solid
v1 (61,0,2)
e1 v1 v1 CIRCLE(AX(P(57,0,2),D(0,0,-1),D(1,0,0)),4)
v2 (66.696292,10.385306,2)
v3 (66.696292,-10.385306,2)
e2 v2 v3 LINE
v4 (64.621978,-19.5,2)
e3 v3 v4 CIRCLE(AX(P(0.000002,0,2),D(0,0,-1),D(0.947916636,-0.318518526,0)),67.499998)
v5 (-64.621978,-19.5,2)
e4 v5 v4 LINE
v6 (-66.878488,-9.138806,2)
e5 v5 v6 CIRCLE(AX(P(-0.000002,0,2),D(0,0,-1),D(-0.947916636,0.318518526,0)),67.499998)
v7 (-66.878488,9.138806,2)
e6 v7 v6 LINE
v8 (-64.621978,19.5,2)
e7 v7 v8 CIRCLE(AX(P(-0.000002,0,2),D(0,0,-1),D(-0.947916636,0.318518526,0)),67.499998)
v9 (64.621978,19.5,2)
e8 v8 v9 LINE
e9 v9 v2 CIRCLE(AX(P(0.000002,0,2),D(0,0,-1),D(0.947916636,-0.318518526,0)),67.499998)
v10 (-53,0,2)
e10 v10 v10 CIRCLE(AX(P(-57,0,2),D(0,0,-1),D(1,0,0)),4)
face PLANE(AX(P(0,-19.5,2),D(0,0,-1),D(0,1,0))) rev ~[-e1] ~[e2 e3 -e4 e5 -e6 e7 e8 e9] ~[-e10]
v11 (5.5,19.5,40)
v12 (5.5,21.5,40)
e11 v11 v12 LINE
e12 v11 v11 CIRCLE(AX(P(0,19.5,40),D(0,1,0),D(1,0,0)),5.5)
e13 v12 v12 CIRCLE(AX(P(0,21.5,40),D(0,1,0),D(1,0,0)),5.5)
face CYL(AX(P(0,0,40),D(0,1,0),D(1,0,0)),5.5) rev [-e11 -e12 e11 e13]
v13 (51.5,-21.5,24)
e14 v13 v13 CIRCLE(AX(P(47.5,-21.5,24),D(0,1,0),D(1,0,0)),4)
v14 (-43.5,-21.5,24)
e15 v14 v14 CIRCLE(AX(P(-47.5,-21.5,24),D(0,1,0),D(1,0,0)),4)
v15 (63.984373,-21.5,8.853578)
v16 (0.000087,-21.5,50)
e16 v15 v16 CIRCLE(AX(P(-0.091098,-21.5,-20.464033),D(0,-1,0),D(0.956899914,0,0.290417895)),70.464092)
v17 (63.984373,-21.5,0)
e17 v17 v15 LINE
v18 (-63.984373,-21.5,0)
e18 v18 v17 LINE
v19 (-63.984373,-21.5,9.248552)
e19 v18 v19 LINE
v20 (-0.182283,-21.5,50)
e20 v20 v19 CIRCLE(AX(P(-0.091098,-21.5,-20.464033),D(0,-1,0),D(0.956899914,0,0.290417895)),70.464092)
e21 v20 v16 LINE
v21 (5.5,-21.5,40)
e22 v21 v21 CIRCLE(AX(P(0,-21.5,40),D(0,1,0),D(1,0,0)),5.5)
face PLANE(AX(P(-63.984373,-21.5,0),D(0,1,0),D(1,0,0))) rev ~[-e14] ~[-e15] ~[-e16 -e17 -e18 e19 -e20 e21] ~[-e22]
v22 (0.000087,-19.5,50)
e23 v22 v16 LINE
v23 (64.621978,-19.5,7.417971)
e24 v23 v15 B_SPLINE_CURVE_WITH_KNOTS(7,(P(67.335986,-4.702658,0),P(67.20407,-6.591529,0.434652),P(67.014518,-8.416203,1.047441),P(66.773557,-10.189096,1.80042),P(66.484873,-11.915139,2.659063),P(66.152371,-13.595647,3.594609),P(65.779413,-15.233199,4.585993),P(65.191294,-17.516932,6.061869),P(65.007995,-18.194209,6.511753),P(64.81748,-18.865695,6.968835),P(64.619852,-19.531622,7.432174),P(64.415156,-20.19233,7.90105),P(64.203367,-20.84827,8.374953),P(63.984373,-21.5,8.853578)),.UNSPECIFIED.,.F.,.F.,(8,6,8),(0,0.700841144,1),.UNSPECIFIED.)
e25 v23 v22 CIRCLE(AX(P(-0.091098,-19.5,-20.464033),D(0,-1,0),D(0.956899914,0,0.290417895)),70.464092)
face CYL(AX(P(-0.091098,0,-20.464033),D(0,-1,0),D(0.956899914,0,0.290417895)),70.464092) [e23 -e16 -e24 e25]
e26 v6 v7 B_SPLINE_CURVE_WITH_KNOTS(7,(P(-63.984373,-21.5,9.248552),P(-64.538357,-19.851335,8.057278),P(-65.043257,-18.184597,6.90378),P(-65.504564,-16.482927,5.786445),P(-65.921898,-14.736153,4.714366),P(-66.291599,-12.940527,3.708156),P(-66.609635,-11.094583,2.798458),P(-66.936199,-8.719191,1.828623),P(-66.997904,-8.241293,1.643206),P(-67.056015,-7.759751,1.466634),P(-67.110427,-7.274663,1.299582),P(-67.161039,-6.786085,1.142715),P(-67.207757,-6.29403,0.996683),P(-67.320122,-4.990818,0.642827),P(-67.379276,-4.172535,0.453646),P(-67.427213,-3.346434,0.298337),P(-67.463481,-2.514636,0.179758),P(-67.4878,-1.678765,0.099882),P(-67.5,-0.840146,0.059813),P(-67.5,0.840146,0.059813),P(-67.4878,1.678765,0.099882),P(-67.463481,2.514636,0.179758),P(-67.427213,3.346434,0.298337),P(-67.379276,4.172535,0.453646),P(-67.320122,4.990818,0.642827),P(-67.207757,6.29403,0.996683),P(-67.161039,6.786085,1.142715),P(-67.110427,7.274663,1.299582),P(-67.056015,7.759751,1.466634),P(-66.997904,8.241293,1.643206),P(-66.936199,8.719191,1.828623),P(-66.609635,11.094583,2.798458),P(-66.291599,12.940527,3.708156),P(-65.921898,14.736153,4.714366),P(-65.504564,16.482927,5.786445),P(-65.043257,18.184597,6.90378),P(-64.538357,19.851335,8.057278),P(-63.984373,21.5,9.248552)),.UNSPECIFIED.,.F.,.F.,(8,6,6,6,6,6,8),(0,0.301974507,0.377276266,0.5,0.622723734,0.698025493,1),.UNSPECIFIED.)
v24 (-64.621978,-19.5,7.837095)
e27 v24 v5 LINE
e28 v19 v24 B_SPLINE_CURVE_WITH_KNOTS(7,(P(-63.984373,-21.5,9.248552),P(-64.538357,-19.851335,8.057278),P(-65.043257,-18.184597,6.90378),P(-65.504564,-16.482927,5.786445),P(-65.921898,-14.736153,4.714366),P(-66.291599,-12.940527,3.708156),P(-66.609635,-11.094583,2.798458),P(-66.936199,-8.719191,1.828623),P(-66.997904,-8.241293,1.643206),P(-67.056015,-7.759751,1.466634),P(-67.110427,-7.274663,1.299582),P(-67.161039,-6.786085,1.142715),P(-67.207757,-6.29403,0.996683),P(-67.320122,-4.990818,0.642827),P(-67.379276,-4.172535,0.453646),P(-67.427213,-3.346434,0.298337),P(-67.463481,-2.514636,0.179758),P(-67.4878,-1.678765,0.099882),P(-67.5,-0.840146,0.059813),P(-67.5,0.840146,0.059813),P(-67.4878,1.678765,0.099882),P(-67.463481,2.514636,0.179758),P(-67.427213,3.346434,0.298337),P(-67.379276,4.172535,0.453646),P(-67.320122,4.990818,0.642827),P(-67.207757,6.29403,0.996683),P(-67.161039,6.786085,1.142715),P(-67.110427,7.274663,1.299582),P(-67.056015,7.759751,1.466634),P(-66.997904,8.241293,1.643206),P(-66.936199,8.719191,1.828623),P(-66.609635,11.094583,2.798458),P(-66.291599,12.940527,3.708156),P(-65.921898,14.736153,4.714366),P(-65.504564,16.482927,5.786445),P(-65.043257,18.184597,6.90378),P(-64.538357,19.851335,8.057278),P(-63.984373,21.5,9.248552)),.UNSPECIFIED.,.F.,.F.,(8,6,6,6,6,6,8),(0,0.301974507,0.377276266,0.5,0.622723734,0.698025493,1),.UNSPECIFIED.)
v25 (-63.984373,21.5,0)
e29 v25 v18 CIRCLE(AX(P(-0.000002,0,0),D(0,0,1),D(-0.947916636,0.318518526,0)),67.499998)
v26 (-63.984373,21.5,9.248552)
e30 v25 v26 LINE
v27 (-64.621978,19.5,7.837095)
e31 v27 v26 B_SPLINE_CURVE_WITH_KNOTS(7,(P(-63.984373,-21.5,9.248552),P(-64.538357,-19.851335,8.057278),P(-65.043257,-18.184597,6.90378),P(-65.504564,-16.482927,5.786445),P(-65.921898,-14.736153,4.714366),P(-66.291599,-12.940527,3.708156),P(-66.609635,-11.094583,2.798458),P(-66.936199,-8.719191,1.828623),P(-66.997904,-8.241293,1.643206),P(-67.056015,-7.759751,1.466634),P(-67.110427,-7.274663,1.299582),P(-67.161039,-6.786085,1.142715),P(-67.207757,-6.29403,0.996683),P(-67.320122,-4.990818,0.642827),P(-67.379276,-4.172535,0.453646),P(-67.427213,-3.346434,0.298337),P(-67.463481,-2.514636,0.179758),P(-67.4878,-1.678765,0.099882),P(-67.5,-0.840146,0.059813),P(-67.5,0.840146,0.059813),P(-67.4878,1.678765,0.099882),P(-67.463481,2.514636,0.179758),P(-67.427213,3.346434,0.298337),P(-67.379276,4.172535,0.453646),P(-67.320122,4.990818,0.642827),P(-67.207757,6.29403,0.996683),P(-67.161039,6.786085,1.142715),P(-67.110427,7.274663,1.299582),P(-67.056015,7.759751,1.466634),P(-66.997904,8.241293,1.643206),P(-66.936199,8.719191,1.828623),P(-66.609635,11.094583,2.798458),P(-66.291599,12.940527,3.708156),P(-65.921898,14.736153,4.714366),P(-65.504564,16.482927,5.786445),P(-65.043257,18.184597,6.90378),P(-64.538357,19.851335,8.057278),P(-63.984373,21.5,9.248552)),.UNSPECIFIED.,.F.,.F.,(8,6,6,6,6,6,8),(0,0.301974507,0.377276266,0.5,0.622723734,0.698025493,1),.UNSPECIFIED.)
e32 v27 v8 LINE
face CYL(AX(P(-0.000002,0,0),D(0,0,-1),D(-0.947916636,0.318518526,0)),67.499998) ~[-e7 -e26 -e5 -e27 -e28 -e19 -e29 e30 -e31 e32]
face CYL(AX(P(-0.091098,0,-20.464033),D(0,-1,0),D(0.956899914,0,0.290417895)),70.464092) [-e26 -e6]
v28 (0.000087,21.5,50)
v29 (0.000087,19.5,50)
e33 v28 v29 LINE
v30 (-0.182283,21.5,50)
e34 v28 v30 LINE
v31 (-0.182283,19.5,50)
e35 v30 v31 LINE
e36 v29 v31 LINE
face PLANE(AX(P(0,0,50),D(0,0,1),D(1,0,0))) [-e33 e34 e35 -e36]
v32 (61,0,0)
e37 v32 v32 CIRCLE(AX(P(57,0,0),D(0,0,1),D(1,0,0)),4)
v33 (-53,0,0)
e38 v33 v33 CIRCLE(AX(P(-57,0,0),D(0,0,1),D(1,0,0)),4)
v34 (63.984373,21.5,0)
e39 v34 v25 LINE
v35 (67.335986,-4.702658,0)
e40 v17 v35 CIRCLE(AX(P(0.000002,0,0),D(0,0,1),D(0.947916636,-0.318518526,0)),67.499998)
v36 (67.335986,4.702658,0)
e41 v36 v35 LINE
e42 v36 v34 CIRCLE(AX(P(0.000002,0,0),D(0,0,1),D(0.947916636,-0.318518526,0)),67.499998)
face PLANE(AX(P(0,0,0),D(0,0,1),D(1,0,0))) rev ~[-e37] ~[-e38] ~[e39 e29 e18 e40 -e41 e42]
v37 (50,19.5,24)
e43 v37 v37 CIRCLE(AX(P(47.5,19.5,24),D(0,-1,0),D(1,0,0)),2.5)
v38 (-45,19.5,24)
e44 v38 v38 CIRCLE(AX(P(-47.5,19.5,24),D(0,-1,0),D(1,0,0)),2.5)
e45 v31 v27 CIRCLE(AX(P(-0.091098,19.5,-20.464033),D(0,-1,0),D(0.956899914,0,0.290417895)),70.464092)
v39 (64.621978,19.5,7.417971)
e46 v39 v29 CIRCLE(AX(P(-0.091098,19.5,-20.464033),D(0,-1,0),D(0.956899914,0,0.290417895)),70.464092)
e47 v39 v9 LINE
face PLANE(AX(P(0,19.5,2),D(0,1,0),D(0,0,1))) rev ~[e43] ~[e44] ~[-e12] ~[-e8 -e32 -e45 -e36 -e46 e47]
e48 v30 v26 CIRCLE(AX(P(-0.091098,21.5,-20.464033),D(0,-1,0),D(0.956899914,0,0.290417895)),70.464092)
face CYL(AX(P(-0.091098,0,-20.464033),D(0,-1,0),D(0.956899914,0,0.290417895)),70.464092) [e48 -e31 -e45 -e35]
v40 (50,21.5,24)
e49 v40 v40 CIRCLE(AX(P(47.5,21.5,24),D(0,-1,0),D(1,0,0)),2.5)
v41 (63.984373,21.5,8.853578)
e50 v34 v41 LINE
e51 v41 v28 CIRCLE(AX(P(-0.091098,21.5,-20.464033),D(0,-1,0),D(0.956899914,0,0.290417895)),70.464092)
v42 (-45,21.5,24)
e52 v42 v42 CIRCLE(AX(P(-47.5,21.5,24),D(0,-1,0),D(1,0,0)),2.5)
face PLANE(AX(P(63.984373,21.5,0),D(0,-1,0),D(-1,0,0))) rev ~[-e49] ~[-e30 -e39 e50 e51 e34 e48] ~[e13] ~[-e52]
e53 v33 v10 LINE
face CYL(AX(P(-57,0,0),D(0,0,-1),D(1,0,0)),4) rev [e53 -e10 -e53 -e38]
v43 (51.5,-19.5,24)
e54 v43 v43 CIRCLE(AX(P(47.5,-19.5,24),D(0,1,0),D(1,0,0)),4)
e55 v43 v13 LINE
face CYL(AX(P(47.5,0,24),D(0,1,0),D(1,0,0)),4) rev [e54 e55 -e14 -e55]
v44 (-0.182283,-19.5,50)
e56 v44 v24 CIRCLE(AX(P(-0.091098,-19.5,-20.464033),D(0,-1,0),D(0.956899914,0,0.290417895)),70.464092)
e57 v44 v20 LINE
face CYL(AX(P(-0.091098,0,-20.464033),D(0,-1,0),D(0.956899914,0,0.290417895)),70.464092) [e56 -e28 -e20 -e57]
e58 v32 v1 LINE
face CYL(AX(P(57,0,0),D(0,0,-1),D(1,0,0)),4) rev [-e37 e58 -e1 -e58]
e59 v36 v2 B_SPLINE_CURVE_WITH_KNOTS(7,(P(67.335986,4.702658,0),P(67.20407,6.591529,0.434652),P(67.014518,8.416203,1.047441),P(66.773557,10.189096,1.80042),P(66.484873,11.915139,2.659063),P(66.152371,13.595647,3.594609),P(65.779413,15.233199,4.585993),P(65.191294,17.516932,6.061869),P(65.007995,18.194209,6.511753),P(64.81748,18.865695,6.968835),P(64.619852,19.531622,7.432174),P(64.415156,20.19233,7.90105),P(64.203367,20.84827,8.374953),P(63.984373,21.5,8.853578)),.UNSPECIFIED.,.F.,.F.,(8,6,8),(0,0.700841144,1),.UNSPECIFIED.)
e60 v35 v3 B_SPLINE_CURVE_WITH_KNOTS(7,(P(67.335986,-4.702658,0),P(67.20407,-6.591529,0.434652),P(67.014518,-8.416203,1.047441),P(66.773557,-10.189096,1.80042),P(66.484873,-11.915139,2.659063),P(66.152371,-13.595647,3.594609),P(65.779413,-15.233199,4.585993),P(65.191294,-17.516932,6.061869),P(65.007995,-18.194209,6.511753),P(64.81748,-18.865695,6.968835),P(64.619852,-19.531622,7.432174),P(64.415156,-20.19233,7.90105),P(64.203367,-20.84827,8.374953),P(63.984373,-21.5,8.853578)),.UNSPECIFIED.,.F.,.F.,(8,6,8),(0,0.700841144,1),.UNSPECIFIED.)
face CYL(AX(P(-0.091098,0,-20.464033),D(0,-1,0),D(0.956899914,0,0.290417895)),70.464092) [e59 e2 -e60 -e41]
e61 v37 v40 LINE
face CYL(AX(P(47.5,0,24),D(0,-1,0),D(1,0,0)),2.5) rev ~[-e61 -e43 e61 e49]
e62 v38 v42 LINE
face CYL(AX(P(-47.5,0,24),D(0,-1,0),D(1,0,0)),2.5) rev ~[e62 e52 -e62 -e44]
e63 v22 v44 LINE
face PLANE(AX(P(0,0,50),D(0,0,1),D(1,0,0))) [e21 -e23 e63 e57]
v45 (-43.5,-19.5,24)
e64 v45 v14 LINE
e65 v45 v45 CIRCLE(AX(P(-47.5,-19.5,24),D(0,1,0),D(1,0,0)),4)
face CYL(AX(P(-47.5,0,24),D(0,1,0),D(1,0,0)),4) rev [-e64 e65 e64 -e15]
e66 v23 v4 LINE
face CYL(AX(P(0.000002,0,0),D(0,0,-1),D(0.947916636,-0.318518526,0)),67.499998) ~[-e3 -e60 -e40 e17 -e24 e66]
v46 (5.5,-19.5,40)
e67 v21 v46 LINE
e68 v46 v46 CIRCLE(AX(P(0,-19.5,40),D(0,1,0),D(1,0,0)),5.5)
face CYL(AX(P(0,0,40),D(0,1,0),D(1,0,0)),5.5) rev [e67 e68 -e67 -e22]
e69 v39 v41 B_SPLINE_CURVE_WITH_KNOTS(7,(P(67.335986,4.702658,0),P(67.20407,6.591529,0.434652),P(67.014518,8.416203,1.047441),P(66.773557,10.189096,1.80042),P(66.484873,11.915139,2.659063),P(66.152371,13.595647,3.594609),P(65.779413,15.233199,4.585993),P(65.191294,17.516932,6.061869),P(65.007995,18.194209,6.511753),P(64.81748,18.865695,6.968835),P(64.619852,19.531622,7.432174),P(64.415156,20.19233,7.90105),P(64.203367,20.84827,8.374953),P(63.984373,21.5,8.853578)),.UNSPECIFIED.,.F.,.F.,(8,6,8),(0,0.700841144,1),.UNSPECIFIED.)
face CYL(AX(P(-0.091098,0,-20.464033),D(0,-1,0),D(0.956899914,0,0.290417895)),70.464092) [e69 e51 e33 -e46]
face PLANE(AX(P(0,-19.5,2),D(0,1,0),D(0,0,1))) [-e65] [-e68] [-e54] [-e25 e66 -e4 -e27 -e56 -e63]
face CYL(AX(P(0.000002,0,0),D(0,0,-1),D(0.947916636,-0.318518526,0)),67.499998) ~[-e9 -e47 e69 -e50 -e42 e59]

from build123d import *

# Parameters (mm, degrees)
F1_DEPTH  = 50
F2_R      = 5.5
F3_DEPTH  = 22.5
F5_W      = 19.5
F5_H      = 50
F6_DEPTH  = 90
F7_R      = 4
F8_DEPTH  = 50.001
F9_R      = 2.5
F10_DEPTH = 50
F11_R     = 4
F12_DEPTH = 40


with BuildPart() as f1:
    # F0 (on Top) → F1 (new body)
    with BuildSketch(Plane.XY):
        with BuildLine():
            Line((0, -21.5), (63.984373, -21.5))
            ThreePointArc((63.984373, -21.5), (67.5, 0), (63.984373, 21.5))
            Line((63.984373, 21.5), (0, 21.5))
            Line((0, 21.5), (-63.984373, 21.5))
            ThreePointArc((-63.984373, 21.5), (-67.5, 0), (-63.984373, -21.5))
            Line((-63.984373, -21.5), (0, -21.5))
        make_face()
    extrude(amount=F1_DEPTH)


with BuildPart() as f3:
    # F2 (on Front) → F3 (new body, symmetric)
    with BuildSketch(Plane.XZ):
        with BuildLine():
            Line((-67.518182, 0), (67.335986, 0))
            ThreePointArc((67.335986, 0), (-0.091098, 50.000059), (-67.518182, 0))
        make_face()
        with Locations((0, 40)):
            Circle(F2_R, mode=Mode.SUBTRACT)
    extrude(amount=F3_DEPTH, both=True)


with BuildPart() as f1_1:
    add(f1.part)

    # F4: intersect F3
    add(f3.part, mode=Mode.INTERSECT)

    # F5 (on Right) → F6 (cut, symmetric)
    with BuildSketch(Plane.YZ):
        with Locations((-9.75, 27)):
            Rectangle(F5_W, F5_H)
        with Locations((9.75, 27)):
            Rectangle(F5_W, F5_H)
    extrude(amount=F6_DEPTH, both=True, mode=Mode.SUBTRACT)

    # F7 (on Top) → F8 (cut, through all)
    with BuildSketch(Plane.XY):
        with Locations((57, 0)):
            Circle(F7_R)
        with Locations((-57, 0)):
            Circle(F7_R)
    extrude(amount=F8_DEPTH, mode=Mode.SUBTRACT)

    # F9 (on Front) → F10 (cut)
    with BuildSketch(Plane.XZ):
        with Locations((-47.5, 24)):
            Circle(F9_R)
        with Locations((47.5, 24)):
            Circle(F9_R)
    extrude(amount=-F10_DEPTH, mode=Mode.SUBTRACT)

    # F11 (on Front) → F12 (cut)
    with BuildSketch(Plane.XZ):
        with Locations((47.5, 24)):
            Circle(F11_R)
        with Locations((-47.5, 24)):
            Circle(F11_R)
    extrude(amount=F12_DEPTH, mode=Mode.SUBTRACT)


solid = f1_1.part
